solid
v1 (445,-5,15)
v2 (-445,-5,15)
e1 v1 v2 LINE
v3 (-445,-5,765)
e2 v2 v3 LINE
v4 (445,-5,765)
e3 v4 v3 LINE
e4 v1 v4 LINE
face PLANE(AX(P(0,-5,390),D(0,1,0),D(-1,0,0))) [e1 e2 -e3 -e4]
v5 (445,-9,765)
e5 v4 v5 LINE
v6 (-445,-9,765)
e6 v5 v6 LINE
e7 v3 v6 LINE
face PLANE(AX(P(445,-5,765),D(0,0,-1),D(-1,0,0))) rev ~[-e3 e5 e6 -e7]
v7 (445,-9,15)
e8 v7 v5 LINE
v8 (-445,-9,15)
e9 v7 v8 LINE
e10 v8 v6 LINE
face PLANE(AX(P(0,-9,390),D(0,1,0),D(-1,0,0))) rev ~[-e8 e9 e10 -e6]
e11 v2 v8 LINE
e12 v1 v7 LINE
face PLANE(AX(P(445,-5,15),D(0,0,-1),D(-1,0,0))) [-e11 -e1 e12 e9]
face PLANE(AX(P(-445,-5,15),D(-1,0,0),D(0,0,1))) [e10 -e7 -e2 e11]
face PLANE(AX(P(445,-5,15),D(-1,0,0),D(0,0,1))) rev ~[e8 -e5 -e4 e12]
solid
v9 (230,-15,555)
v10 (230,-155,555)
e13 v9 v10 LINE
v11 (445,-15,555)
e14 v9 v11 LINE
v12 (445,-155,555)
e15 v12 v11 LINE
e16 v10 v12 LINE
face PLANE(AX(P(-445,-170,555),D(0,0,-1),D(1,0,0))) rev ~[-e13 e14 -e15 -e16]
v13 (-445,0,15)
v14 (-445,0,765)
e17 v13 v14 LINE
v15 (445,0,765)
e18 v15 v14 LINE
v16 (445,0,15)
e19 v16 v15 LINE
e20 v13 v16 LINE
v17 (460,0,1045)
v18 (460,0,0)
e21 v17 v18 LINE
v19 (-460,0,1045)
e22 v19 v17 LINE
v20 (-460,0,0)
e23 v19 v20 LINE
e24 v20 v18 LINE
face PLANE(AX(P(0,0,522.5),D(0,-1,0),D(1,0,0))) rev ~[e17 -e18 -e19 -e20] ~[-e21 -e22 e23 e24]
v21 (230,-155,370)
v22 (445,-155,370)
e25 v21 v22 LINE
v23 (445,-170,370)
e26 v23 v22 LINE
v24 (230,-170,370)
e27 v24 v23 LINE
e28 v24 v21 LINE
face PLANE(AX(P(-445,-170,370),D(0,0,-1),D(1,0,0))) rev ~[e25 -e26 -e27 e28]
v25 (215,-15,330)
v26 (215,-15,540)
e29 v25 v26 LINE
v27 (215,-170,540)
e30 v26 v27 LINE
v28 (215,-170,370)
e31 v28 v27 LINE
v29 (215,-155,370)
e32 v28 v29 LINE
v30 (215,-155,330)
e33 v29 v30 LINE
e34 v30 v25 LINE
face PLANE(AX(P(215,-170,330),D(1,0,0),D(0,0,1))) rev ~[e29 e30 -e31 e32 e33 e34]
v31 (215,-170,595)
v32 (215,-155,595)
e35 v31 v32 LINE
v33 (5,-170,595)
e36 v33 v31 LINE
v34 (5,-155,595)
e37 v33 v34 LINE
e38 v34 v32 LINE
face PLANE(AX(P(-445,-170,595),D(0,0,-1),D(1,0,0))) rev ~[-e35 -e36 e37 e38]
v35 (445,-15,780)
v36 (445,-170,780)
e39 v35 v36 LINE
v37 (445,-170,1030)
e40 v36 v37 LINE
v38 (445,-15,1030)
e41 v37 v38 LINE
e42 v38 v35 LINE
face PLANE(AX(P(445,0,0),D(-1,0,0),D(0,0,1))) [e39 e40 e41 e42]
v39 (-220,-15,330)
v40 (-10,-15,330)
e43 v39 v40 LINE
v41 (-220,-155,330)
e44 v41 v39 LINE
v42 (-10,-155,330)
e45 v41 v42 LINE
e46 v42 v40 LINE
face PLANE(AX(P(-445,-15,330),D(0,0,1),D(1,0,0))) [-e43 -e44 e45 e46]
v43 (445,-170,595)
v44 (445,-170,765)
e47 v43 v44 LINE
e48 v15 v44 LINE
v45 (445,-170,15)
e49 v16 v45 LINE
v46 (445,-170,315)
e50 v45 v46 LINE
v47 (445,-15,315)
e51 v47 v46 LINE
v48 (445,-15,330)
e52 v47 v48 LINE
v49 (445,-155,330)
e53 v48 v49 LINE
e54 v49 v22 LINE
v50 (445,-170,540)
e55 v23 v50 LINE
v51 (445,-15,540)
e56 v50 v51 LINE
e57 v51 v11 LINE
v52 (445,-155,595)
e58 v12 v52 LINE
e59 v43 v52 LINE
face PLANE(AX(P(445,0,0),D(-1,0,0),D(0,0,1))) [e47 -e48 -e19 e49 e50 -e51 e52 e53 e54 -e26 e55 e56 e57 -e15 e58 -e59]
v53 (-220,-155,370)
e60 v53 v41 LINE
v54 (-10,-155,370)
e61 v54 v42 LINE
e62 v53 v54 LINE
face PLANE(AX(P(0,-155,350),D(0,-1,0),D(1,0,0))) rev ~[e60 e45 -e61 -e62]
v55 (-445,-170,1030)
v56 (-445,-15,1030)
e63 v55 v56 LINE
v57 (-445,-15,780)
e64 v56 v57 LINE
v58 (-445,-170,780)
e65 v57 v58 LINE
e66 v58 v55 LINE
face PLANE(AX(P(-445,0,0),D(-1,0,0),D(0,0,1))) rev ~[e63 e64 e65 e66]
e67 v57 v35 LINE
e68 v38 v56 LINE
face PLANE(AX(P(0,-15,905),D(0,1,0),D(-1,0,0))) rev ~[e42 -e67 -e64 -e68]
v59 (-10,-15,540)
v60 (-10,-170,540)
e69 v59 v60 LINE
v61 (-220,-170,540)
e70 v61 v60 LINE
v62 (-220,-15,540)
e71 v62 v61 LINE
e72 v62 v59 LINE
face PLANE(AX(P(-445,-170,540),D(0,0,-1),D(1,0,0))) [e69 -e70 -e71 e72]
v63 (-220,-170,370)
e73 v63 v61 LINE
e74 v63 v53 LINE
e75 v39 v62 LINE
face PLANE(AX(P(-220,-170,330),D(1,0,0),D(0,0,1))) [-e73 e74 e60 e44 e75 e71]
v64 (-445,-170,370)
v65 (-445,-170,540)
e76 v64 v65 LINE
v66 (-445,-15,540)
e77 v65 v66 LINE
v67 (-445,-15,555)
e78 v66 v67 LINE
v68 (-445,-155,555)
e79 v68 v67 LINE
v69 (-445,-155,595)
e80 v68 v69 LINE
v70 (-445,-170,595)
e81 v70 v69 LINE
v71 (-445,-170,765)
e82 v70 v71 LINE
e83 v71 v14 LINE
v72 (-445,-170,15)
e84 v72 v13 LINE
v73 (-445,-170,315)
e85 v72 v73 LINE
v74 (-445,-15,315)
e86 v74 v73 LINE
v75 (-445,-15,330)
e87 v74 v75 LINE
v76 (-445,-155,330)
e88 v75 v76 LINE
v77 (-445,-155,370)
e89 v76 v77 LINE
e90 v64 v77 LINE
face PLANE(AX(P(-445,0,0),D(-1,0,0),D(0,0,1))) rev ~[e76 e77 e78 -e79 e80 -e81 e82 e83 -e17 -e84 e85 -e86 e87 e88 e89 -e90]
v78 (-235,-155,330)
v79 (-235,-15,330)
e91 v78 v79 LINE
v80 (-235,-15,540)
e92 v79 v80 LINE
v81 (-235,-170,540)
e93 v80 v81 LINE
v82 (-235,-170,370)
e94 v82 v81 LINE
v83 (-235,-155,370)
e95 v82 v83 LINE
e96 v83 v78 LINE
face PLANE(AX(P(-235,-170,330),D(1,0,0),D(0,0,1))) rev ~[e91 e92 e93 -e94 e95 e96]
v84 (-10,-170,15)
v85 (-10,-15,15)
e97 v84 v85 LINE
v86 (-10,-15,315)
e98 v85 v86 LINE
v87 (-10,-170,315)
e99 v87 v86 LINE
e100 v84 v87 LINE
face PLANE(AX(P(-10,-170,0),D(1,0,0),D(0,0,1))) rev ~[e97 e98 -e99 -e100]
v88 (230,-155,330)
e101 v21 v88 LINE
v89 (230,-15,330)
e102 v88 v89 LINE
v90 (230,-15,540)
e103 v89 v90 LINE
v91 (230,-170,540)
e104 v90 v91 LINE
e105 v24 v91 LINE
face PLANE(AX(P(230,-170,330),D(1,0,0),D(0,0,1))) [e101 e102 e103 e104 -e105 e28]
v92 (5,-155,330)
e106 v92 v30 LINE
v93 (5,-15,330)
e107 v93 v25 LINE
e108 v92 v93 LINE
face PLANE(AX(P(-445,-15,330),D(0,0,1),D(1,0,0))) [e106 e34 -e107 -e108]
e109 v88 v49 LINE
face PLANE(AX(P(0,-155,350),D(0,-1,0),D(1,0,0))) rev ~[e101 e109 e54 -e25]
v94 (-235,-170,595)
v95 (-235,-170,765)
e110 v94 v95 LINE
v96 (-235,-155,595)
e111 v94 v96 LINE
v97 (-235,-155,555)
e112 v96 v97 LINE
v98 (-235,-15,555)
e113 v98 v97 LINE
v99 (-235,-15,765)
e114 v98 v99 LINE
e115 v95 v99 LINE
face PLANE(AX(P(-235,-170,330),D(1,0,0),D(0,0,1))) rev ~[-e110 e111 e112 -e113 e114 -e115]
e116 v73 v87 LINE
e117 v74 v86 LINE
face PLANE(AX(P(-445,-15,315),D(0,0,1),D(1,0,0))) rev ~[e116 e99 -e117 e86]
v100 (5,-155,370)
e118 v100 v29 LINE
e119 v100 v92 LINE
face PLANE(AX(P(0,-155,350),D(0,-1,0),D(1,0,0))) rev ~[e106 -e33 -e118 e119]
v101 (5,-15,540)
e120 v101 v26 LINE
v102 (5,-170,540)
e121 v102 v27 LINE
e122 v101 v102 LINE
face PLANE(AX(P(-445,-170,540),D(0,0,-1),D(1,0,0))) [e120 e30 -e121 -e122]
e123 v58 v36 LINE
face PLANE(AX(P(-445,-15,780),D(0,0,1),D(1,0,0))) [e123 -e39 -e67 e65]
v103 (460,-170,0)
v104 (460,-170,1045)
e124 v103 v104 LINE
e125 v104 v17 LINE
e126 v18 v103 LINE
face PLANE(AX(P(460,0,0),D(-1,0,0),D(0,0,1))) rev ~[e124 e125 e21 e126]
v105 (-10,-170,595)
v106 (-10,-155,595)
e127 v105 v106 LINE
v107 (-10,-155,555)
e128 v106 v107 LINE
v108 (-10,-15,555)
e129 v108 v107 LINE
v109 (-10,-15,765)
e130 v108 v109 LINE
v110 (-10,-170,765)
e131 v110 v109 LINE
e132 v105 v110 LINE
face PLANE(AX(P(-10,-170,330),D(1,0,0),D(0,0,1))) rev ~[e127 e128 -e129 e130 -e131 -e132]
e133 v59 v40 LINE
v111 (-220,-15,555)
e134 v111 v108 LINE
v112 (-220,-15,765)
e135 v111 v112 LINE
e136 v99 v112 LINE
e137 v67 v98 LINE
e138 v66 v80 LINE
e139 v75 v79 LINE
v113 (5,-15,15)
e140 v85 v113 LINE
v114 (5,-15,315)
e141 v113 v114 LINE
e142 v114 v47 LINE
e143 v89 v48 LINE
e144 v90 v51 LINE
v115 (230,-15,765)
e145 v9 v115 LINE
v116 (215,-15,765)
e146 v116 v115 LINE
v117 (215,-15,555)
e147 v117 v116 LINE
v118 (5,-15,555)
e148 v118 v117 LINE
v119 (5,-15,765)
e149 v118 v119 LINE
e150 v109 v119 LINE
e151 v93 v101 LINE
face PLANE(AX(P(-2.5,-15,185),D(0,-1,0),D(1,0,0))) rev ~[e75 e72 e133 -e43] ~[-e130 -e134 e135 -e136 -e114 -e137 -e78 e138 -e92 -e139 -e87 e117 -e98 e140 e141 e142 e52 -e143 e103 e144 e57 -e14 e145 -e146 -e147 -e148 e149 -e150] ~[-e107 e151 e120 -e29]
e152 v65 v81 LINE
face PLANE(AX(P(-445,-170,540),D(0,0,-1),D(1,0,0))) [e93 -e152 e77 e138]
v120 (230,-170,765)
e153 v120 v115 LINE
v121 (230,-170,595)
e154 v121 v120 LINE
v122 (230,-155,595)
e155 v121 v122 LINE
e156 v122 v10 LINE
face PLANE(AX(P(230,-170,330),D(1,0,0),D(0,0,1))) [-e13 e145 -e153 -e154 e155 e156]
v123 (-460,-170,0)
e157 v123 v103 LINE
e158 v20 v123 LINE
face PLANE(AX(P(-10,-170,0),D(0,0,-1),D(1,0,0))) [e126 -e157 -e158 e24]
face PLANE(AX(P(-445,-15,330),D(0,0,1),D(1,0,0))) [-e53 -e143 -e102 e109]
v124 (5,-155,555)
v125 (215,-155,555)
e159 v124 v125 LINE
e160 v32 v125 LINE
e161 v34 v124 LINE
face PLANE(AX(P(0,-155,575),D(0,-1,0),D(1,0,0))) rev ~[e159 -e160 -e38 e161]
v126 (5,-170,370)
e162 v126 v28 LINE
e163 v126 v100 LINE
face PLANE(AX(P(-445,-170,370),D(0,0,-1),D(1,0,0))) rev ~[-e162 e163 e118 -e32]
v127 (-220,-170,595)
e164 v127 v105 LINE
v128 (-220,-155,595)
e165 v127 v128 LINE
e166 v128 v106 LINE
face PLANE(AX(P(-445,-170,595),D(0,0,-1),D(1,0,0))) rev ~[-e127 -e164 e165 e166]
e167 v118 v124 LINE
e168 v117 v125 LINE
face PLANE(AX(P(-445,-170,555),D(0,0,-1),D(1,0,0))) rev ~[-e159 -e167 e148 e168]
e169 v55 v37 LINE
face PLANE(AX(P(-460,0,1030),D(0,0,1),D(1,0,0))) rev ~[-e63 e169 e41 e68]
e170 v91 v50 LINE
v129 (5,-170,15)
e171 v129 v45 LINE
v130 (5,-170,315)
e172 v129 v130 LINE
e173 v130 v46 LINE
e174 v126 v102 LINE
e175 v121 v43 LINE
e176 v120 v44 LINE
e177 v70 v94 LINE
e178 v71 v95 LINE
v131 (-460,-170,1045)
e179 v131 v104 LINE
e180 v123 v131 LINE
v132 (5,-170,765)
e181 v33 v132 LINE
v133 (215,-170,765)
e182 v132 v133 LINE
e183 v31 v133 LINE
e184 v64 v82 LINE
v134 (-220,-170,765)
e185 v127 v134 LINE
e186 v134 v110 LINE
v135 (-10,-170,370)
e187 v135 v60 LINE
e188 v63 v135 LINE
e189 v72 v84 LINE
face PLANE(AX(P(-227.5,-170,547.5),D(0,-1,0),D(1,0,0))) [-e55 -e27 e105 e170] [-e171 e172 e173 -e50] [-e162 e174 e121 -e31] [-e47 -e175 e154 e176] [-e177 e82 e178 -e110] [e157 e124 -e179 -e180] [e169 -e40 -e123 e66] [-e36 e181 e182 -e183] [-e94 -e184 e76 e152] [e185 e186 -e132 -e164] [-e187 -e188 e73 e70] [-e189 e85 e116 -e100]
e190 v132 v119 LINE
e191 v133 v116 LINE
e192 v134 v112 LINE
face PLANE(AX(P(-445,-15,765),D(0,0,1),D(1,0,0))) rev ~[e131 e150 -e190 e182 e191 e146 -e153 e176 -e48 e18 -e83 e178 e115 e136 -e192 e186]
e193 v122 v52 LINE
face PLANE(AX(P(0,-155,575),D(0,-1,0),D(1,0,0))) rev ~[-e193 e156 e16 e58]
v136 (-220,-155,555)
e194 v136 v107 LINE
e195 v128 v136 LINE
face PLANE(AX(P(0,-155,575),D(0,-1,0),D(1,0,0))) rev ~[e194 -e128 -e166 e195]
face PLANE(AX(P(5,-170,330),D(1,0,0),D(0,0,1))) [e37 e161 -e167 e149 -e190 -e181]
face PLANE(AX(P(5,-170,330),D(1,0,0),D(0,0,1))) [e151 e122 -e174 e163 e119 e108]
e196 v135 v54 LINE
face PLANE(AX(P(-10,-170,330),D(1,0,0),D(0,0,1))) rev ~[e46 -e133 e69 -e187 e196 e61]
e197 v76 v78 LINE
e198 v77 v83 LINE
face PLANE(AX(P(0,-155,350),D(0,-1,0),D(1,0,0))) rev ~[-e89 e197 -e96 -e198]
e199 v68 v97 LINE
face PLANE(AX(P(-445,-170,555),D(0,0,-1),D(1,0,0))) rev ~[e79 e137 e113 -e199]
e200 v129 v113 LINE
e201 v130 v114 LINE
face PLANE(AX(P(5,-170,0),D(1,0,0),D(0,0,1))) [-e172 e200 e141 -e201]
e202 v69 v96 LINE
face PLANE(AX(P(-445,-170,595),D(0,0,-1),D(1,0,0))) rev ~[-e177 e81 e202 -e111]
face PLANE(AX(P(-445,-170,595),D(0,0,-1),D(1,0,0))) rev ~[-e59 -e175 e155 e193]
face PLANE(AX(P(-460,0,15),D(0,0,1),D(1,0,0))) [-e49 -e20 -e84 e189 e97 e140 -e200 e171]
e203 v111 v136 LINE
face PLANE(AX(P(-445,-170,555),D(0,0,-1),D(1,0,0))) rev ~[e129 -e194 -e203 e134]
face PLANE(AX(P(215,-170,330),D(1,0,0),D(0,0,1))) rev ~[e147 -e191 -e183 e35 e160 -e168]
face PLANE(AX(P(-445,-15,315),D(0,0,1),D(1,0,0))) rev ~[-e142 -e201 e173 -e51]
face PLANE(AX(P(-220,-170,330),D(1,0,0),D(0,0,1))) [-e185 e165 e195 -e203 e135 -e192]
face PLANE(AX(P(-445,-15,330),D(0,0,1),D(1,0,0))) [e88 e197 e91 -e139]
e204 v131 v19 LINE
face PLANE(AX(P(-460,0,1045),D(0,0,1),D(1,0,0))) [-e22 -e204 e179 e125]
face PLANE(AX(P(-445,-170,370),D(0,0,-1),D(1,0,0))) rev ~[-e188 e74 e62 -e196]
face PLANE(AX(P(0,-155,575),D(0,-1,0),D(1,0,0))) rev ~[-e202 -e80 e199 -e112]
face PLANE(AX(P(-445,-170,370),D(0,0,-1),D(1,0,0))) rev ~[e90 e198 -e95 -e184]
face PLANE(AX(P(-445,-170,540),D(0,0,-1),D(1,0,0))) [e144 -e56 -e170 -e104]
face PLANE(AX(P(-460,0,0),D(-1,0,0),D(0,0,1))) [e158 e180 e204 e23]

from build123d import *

# Parameters (mm, degrees)
F0_W      = 920
F0_H      = 1045
F1_DEPTH  = 170
F2_T      = -15
F3_W      = 920
F3_H      = 280
F4_DEPTH  = 15
F5_W      = 890
F5_H      = 750
F6_DEPTH  = 4
F7_W      = 890
F7_H      = 15
F8_DEPTH  = 155
F9_W      = 890
F9_H      = 15
F10_DEPTH = 155
F11_W     = 15
F11_H     = 435
F12_DEPTH = 155
F13_W     = 890
F13_H     = 40
F14_DEPTH = 15
F15_W     = 15
F15_H     = 370
F16_DEPTH = 155


with BuildPart() as f1:
    # F0 (on Front) → F1 (new body)
    with BuildSketch(Plane.XZ):
        with Locations((0, 522.5)):
            Rectangle(F0_W, F0_H)
    extrude(amount=F1_DEPTH)

    # F2
    f2_openings = [f1.faces().sort_by_distance(p)[0] for p in [
        (0, -170, 522.5),
        (0, 0, 522.5),
    ]]
    offset(amount=F2_T, openings=f2_openings)

    # F3 (on face) → F4 (join)
    with BuildSketch(Plane(origin=(0, 0, 0), x_dir=(-1, 0, 0), z_dir=(0, 1, 0))):
        with Locations((0, 905)):
            Rectangle(F3_W, F3_H)
    extrude(amount=-F4_DEPTH)

    # F7 (on face) → F8 (join, through all)
    with BuildSketch(Plane.XZ.offset(15)):
        with Locations((0, 772.5)):
            Rectangle(F7_W, F7_H)
        with Locations((0, 322.5)):
            Rectangle(F7_W, F7_H)
    extrude(amount=F8_DEPTH)

    # F9 (on face) → F10 (join, through all)
    with BuildSketch(Plane.XZ.offset(170)):
        with Locations((0, 547.5)):
            Rectangle(F9_W, F9_H)
    extrude(amount=-F10_DEPTH)

    # F11 (on face) → F12 (join, through all)
    with BuildSketch(Plane.XZ.offset(170)):
        with Locations((-227.5, 547.5)):
            Rectangle(F11_W, F11_H)
        with Locations((-2.5, 547.5)):
            Rectangle(F11_W, F11_H)
        with Locations((222.5, 547.5)):
            Rectangle(F11_W, F11_H)
    extrude(amount=-F12_DEPTH)

    # F13 (on face) → F14 (join)
    with BuildSketch(Plane.XZ.offset(170)):
        with Locations((0, 350)):
            Rectangle(F13_W, F13_H)
        with Locations((0, 575)):
            Rectangle(F13_W, F13_H)
    extrude(amount=-F14_DEPTH)

    # F15 (on face) → F16 (join, through all)
    with BuildSketch(Plane.XZ.offset(170)):
        with Locations((-2.5, 185)):
            Rectangle(F15_W, F15_H)
    extrude(amount=-F16_DEPTH)


with BuildPart() as f6:
    # F5 (on face) → F6 (new body)
    with BuildSketch(Plane(origin=(0, 0, 0), x_dir=(-1, 0, 0), z_dir=(0, 1, 0))):
        with Locations((0, 390)):
            Rectangle(F5_W, F5_H)
    extrude(amount=-F6_DEPTH)


with BuildPart() as f6_1:
    # F17: moved
    add(f6.part.moved(Location((0, -5, 0))))


solid = Compound([f1.part, f6_1.part])
